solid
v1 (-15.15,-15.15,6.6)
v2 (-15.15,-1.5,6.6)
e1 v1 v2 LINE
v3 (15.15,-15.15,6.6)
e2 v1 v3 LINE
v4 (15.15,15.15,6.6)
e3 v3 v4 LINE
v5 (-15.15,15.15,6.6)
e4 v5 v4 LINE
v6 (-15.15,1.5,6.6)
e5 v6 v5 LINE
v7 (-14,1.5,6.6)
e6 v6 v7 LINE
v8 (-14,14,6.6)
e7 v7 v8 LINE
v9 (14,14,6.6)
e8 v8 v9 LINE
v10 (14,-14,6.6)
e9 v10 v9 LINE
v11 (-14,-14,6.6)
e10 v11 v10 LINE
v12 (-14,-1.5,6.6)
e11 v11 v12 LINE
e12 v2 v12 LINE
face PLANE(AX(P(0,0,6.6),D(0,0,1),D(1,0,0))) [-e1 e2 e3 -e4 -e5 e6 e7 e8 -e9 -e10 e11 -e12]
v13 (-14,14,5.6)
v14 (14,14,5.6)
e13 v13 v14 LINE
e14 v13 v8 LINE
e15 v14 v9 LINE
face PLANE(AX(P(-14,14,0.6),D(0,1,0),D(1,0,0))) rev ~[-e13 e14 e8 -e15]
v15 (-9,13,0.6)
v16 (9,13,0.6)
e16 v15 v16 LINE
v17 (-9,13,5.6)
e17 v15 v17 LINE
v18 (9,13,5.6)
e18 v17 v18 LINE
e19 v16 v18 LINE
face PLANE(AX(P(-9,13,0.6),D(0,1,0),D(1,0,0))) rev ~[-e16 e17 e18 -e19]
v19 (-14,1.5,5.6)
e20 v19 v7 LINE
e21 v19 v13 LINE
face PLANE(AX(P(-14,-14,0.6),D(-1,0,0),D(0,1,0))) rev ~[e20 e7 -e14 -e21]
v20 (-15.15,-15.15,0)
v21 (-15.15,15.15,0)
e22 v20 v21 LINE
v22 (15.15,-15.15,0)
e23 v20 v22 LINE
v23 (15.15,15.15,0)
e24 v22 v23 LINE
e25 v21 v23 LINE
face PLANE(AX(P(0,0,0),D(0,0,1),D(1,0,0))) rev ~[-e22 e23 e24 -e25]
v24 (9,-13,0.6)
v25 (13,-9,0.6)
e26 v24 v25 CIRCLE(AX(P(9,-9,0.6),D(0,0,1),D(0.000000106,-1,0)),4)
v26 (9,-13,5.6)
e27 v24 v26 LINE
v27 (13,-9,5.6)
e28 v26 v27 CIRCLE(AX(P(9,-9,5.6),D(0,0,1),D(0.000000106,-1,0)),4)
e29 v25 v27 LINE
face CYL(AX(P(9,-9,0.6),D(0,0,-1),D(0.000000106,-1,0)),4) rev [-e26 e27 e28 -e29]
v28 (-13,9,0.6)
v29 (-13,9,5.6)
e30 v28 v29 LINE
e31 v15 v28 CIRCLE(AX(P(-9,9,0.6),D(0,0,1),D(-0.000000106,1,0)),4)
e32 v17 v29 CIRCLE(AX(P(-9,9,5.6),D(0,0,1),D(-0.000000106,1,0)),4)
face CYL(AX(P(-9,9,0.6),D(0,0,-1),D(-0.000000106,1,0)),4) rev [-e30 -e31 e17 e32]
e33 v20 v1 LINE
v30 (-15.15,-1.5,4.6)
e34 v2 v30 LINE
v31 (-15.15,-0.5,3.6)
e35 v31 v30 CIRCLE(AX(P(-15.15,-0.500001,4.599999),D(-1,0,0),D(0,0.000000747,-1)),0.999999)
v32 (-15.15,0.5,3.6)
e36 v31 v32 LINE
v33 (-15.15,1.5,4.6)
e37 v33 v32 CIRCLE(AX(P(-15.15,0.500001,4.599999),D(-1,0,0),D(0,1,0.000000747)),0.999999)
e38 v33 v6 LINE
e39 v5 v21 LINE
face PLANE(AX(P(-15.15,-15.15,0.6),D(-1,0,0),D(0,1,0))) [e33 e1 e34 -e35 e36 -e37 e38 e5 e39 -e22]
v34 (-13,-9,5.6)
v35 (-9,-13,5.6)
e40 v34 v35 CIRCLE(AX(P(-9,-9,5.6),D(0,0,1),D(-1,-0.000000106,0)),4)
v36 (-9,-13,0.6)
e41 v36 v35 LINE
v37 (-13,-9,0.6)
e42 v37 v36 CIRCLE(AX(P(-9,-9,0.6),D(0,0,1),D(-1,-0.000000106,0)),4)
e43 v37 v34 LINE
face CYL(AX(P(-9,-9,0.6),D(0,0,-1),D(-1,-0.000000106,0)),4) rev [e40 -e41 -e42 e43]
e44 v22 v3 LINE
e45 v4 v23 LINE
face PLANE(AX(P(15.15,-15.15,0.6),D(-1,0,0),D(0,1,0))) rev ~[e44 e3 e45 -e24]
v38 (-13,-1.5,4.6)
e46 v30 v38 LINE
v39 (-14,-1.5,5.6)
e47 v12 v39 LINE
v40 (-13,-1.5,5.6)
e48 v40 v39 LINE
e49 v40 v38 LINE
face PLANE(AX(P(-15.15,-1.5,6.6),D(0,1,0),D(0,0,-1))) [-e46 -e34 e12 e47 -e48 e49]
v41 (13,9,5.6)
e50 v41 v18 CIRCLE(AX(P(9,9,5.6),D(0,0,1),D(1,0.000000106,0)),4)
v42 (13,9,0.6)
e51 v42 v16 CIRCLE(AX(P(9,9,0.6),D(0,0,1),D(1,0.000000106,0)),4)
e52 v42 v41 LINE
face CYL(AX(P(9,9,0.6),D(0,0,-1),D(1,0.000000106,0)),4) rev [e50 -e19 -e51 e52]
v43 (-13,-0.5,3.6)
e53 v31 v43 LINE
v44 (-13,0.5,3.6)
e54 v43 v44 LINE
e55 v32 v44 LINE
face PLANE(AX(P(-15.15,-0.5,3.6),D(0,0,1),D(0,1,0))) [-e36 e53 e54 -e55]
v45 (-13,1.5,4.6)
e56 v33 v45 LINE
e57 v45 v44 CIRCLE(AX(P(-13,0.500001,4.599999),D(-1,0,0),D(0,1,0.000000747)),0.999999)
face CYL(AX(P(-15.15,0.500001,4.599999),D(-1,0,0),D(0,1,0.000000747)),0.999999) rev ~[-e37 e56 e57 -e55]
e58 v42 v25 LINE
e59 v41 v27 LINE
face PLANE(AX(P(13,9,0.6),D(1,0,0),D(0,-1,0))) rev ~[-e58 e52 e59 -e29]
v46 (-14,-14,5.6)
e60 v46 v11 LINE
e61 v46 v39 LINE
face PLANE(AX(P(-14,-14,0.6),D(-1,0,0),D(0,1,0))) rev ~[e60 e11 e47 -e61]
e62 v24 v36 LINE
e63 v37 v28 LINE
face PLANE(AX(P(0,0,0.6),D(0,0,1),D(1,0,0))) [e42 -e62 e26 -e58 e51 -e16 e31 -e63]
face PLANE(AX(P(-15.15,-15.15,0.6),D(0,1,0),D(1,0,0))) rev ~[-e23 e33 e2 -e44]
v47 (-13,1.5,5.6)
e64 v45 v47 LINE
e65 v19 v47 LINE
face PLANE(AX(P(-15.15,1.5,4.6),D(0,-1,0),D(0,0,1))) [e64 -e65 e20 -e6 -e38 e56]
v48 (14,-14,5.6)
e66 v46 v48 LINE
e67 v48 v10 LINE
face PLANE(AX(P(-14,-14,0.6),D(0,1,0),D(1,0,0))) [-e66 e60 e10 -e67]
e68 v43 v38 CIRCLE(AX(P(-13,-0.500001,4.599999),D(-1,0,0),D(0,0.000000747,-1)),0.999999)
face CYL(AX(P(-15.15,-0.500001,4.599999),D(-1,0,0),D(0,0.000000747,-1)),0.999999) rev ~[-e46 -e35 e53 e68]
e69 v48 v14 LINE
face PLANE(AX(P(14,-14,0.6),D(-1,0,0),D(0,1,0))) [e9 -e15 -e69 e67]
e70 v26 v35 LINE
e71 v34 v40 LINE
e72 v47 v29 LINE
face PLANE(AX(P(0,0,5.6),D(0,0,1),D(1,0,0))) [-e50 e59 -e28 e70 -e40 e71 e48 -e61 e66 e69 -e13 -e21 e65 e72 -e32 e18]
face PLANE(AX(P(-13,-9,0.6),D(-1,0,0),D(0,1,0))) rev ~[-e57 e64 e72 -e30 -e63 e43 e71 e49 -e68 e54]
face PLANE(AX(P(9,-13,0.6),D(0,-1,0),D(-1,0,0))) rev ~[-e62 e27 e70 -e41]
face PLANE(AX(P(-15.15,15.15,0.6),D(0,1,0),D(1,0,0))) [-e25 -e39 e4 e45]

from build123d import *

# Parameters (mm, degrees)
SKETCH_W      = 30.3
SKETCH_H      = 30.3
PAD_DEPTH     = 0.6
SKETCH001_W   = 28
SKETCH001_H   = 28
PAD001_DEPTH  = 5
SKETCH003_W   = 30.3
SKETCH003_H   = 30.3
SKETCH003_W_2 = 28
SKETCH003_H_2 = 28
PAD002_DEPTH  = 6
POCKET_DEPTH  = 2.15


with BuildPart() as part:
    # Sketch → Pad (new body)
    with BuildSketch(Plane.XY):
        Rectangle(SKETCH_W, SKETCH_H)
    extrude(amount=PAD_DEPTH)

    # Sketch001 (on Face6 of Pad) → Pad001 (join)
    with BuildSketch(Plane.XY.offset(0.6)):
        Rectangle(SKETCH001_W, SKETCH001_H)
        with BuildLine():
            Line((-9, 13), (9, 13))
            ThreePointArc((13, 9), (11.828427, 11.828427), (9, 13))
            Line((13, 9), (13, -9))
            ThreePointArc((9, -13), (11.828427, -11.828427), (13, -9))
            Line((9, -13), (-9, -13))
            ThreePointArc((-13, -9), (-11.828427, -11.828427), (-9, -13))
            Line((-13, -9), (-13, 9))
            ThreePointArc((-9, 13), (-11.828427, 11.828427), (-13, 9))
        make_face(mode=Mode.SUBTRACT)
    extrude(amount=PAD001_DEPTH)

    # Sketch003 (on Face5 of Pad001) → Pad002 (join)
    with BuildSketch(Plane.XY.offset(0.6)):
        Rectangle(SKETCH003_W, SKETCH003_H)
        Rectangle(SKETCH003_W_2, SKETCH003_H_2, mode=Mode.SUBTRACT)
    extrude(amount=PAD002_DEPTH)

    # Sketch004 (on Face7 of Pad002) → Pocket (cut)
    with BuildSketch(Plane(origin=(-15.15, 0, 0), x_dir=(0, -1, 0), z_dir=(-1, 0, 0))):
        with BuildLine():
            Line((-1.5, 6.6), (1.5, 6.6))
            Line((1.5, 6.6), (1.5, 4.6))
            ThreePointArc((0.5, 3.6), (1.207107, 3.892893), (1.5, 4.6))
            Line((0.5, 3.6), (-0.5, 3.6))
            ThreePointArc((-1.5, 4.6), (-1.207107, 3.892893), (-0.5, 3.6))
            Line((-1.5, 4.6), (-1.5, 6.6))
        make_face()
    extrude(amount=-POCKET_DEPTH, mode=Mode.SUBTRACT)


solid = part.part
